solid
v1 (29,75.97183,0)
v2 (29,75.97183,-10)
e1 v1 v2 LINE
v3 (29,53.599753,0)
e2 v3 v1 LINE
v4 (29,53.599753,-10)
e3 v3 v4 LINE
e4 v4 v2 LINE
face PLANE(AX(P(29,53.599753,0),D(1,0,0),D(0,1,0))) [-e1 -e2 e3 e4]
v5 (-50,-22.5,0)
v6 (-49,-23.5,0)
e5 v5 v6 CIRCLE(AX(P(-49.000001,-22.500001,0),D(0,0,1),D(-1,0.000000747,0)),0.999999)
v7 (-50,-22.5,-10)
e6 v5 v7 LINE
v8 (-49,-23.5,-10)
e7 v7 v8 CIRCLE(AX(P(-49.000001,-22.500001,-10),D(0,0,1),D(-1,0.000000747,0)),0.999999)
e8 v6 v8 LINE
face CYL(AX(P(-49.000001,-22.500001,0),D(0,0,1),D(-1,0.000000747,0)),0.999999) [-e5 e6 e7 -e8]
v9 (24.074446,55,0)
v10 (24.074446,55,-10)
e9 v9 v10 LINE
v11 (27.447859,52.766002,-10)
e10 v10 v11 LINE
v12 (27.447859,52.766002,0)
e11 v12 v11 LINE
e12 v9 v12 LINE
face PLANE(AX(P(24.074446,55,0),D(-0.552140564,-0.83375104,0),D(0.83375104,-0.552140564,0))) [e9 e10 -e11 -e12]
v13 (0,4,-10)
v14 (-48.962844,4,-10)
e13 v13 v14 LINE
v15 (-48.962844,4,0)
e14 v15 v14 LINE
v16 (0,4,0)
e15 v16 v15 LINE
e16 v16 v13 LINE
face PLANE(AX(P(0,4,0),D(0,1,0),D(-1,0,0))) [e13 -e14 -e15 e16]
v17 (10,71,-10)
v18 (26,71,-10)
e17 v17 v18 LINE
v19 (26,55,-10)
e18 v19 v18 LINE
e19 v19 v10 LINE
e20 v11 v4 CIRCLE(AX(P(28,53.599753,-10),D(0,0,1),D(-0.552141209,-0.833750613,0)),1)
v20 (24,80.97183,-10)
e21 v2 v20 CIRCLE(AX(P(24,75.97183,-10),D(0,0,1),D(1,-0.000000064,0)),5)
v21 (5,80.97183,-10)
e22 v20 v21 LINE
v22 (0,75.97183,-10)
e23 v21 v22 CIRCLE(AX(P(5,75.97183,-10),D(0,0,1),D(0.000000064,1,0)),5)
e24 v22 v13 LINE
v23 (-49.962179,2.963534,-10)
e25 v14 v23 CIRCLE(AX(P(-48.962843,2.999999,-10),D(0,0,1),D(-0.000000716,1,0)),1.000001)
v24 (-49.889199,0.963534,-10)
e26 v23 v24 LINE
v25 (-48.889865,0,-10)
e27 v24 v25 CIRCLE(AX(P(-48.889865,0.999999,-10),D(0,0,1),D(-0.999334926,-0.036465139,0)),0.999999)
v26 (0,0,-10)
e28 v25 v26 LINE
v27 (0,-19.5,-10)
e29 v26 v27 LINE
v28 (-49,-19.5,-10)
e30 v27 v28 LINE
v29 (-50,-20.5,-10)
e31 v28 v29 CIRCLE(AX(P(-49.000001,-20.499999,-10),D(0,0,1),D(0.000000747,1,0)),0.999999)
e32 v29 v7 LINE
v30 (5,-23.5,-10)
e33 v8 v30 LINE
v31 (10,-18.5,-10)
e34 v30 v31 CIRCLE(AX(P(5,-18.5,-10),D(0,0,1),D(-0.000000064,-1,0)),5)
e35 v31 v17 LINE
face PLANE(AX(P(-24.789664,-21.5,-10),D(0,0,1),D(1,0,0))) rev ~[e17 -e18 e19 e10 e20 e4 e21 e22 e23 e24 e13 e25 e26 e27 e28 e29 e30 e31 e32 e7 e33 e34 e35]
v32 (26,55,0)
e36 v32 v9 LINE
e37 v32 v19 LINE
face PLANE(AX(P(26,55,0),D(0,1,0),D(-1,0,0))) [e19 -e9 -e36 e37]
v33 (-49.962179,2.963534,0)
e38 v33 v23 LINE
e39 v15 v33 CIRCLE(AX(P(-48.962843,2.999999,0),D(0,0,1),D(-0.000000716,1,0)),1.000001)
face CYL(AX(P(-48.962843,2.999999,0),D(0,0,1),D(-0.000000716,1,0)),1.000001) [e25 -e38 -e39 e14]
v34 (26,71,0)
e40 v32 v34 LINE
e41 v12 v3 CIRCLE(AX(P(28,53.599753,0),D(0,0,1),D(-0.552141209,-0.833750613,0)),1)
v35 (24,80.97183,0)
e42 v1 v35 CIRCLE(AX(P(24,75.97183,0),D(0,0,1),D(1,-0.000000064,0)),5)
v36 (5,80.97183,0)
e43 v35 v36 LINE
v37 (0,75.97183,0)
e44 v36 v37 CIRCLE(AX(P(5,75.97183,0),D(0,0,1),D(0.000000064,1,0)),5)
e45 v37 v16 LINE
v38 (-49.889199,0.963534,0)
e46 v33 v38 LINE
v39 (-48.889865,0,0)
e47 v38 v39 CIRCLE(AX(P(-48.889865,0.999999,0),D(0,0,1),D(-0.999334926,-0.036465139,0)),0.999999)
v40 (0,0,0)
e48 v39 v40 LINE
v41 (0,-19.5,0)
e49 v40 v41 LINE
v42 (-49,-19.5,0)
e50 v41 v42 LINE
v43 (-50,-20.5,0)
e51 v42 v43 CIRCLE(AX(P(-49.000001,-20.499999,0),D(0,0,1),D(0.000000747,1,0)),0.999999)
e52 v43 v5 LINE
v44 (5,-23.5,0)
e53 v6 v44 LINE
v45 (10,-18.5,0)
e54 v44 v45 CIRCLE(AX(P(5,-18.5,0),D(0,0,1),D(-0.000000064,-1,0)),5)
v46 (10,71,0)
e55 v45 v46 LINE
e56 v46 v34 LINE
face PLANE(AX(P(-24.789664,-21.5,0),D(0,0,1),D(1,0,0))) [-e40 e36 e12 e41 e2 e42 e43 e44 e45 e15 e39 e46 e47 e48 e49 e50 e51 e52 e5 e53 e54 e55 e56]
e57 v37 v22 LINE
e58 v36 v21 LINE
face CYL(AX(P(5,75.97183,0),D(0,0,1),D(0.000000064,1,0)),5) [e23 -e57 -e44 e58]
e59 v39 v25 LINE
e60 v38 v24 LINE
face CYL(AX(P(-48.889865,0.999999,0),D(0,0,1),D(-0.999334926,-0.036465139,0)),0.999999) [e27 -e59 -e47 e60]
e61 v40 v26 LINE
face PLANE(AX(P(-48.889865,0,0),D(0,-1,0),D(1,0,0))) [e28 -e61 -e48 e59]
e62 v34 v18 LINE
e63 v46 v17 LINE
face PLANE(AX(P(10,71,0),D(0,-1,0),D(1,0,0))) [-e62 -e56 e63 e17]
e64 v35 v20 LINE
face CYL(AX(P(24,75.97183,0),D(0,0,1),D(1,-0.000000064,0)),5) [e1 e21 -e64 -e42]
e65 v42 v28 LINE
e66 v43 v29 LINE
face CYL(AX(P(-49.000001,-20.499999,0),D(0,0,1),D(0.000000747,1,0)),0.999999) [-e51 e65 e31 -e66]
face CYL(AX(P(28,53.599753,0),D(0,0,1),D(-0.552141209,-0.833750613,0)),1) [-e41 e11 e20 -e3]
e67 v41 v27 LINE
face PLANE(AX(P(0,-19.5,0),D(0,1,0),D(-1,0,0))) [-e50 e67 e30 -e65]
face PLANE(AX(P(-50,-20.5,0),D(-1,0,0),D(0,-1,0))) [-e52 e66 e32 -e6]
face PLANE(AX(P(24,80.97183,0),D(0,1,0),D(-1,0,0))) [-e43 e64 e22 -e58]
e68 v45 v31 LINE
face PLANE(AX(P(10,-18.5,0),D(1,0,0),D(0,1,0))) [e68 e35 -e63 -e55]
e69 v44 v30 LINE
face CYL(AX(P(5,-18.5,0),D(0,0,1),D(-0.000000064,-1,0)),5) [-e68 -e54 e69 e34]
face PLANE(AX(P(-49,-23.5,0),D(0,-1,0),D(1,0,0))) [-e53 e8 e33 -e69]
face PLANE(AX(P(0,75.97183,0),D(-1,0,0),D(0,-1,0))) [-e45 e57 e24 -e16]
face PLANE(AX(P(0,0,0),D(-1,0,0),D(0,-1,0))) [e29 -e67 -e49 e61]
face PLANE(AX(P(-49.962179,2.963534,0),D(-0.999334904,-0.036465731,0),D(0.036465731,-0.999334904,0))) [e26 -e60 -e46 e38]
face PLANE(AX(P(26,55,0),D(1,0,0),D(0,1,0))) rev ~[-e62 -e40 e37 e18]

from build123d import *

# Parameters (mm, degrees)
F0_W     = 3
F0_H     = 16
F1_DEPTH = 10


with BuildPart() as f1:
    # F0 (on Top) → F1 (new body)
    with BuildSketch(Plane.XY):
        with BuildLine():
            Line((0, -23.5), (0, -19.5))
            Line((0, -19.5), (-49, -19.5))
            ThreePointArc((-49, -19.5), (-49.707107, -19.792893), (-50, -20.5))
            Line((-50, -20.5), (-50, -22.5))
            ThreePointArc((-50, -22.5), (-49.707107, -23.207107), (-49, -23.5))
            Line((-49, -23.5), (0, -23.5))
        make_face()
        with BuildLine():
            Line((0, 4), (0, 0))
            Line((0, 0), (0, -19.5))
            Line((0, -19.5), (0, -23.5))
            Line((0, -23.5), (5, -23.5))
            ThreePointArc((5, -23.5), (8.535534, -22.035534), (10, -18.5))
            Line((10, -18.5), (10, 71))
            Line((10, 71), (26, 71))
            Line((26, 71), (29, 71))
            Line((29, 71), (29, 75.97183))
            ThreePointArc((29, 75.97183), (27.535534, 79.507364), (24, 80.97183))
            Line((24, 80.97183), (5, 80.97183))
            ThreePointArc((5, 80.97183), (1.464466, 79.507364), (0, 75.97183))
            Line((0, 75.97183), (0, 4))
        make_face()
        with Locations((27.5, 63)):
            Rectangle(F0_W, F0_H)
        with BuildLine():
            Line((-48.889865, 0), (0, 0))
            Line((0, 0), (0, 4))
            Line((0, 4), (-48.962844, 4))
            ThreePointArc((-48.962844, 4), (-49.682728, 3.694094), (-49.962179, 2.963534))
            Line((-49.962179, 2.963534), (-49.889199, 0.963534))
            ThreePointArc((-49.889199, 0.963534), (-49.583959, 0.280116), (-48.889865, 0))
        make_face()
        with BuildLine():
            Line((29, 53.599753), (29, 55))
            Line((29, 55), (26, 55))
            Line((26, 55), (24.074446, 55))
            Line((24.074446, 55), (27.447859, 52.766002))
            ThreePointArc((27.447859, 52.766002), (28.473212, 52.718804), (29, 53.599753))
        make_face()
    extrude(amount=-F1_DEPTH)


solid = f1.part
